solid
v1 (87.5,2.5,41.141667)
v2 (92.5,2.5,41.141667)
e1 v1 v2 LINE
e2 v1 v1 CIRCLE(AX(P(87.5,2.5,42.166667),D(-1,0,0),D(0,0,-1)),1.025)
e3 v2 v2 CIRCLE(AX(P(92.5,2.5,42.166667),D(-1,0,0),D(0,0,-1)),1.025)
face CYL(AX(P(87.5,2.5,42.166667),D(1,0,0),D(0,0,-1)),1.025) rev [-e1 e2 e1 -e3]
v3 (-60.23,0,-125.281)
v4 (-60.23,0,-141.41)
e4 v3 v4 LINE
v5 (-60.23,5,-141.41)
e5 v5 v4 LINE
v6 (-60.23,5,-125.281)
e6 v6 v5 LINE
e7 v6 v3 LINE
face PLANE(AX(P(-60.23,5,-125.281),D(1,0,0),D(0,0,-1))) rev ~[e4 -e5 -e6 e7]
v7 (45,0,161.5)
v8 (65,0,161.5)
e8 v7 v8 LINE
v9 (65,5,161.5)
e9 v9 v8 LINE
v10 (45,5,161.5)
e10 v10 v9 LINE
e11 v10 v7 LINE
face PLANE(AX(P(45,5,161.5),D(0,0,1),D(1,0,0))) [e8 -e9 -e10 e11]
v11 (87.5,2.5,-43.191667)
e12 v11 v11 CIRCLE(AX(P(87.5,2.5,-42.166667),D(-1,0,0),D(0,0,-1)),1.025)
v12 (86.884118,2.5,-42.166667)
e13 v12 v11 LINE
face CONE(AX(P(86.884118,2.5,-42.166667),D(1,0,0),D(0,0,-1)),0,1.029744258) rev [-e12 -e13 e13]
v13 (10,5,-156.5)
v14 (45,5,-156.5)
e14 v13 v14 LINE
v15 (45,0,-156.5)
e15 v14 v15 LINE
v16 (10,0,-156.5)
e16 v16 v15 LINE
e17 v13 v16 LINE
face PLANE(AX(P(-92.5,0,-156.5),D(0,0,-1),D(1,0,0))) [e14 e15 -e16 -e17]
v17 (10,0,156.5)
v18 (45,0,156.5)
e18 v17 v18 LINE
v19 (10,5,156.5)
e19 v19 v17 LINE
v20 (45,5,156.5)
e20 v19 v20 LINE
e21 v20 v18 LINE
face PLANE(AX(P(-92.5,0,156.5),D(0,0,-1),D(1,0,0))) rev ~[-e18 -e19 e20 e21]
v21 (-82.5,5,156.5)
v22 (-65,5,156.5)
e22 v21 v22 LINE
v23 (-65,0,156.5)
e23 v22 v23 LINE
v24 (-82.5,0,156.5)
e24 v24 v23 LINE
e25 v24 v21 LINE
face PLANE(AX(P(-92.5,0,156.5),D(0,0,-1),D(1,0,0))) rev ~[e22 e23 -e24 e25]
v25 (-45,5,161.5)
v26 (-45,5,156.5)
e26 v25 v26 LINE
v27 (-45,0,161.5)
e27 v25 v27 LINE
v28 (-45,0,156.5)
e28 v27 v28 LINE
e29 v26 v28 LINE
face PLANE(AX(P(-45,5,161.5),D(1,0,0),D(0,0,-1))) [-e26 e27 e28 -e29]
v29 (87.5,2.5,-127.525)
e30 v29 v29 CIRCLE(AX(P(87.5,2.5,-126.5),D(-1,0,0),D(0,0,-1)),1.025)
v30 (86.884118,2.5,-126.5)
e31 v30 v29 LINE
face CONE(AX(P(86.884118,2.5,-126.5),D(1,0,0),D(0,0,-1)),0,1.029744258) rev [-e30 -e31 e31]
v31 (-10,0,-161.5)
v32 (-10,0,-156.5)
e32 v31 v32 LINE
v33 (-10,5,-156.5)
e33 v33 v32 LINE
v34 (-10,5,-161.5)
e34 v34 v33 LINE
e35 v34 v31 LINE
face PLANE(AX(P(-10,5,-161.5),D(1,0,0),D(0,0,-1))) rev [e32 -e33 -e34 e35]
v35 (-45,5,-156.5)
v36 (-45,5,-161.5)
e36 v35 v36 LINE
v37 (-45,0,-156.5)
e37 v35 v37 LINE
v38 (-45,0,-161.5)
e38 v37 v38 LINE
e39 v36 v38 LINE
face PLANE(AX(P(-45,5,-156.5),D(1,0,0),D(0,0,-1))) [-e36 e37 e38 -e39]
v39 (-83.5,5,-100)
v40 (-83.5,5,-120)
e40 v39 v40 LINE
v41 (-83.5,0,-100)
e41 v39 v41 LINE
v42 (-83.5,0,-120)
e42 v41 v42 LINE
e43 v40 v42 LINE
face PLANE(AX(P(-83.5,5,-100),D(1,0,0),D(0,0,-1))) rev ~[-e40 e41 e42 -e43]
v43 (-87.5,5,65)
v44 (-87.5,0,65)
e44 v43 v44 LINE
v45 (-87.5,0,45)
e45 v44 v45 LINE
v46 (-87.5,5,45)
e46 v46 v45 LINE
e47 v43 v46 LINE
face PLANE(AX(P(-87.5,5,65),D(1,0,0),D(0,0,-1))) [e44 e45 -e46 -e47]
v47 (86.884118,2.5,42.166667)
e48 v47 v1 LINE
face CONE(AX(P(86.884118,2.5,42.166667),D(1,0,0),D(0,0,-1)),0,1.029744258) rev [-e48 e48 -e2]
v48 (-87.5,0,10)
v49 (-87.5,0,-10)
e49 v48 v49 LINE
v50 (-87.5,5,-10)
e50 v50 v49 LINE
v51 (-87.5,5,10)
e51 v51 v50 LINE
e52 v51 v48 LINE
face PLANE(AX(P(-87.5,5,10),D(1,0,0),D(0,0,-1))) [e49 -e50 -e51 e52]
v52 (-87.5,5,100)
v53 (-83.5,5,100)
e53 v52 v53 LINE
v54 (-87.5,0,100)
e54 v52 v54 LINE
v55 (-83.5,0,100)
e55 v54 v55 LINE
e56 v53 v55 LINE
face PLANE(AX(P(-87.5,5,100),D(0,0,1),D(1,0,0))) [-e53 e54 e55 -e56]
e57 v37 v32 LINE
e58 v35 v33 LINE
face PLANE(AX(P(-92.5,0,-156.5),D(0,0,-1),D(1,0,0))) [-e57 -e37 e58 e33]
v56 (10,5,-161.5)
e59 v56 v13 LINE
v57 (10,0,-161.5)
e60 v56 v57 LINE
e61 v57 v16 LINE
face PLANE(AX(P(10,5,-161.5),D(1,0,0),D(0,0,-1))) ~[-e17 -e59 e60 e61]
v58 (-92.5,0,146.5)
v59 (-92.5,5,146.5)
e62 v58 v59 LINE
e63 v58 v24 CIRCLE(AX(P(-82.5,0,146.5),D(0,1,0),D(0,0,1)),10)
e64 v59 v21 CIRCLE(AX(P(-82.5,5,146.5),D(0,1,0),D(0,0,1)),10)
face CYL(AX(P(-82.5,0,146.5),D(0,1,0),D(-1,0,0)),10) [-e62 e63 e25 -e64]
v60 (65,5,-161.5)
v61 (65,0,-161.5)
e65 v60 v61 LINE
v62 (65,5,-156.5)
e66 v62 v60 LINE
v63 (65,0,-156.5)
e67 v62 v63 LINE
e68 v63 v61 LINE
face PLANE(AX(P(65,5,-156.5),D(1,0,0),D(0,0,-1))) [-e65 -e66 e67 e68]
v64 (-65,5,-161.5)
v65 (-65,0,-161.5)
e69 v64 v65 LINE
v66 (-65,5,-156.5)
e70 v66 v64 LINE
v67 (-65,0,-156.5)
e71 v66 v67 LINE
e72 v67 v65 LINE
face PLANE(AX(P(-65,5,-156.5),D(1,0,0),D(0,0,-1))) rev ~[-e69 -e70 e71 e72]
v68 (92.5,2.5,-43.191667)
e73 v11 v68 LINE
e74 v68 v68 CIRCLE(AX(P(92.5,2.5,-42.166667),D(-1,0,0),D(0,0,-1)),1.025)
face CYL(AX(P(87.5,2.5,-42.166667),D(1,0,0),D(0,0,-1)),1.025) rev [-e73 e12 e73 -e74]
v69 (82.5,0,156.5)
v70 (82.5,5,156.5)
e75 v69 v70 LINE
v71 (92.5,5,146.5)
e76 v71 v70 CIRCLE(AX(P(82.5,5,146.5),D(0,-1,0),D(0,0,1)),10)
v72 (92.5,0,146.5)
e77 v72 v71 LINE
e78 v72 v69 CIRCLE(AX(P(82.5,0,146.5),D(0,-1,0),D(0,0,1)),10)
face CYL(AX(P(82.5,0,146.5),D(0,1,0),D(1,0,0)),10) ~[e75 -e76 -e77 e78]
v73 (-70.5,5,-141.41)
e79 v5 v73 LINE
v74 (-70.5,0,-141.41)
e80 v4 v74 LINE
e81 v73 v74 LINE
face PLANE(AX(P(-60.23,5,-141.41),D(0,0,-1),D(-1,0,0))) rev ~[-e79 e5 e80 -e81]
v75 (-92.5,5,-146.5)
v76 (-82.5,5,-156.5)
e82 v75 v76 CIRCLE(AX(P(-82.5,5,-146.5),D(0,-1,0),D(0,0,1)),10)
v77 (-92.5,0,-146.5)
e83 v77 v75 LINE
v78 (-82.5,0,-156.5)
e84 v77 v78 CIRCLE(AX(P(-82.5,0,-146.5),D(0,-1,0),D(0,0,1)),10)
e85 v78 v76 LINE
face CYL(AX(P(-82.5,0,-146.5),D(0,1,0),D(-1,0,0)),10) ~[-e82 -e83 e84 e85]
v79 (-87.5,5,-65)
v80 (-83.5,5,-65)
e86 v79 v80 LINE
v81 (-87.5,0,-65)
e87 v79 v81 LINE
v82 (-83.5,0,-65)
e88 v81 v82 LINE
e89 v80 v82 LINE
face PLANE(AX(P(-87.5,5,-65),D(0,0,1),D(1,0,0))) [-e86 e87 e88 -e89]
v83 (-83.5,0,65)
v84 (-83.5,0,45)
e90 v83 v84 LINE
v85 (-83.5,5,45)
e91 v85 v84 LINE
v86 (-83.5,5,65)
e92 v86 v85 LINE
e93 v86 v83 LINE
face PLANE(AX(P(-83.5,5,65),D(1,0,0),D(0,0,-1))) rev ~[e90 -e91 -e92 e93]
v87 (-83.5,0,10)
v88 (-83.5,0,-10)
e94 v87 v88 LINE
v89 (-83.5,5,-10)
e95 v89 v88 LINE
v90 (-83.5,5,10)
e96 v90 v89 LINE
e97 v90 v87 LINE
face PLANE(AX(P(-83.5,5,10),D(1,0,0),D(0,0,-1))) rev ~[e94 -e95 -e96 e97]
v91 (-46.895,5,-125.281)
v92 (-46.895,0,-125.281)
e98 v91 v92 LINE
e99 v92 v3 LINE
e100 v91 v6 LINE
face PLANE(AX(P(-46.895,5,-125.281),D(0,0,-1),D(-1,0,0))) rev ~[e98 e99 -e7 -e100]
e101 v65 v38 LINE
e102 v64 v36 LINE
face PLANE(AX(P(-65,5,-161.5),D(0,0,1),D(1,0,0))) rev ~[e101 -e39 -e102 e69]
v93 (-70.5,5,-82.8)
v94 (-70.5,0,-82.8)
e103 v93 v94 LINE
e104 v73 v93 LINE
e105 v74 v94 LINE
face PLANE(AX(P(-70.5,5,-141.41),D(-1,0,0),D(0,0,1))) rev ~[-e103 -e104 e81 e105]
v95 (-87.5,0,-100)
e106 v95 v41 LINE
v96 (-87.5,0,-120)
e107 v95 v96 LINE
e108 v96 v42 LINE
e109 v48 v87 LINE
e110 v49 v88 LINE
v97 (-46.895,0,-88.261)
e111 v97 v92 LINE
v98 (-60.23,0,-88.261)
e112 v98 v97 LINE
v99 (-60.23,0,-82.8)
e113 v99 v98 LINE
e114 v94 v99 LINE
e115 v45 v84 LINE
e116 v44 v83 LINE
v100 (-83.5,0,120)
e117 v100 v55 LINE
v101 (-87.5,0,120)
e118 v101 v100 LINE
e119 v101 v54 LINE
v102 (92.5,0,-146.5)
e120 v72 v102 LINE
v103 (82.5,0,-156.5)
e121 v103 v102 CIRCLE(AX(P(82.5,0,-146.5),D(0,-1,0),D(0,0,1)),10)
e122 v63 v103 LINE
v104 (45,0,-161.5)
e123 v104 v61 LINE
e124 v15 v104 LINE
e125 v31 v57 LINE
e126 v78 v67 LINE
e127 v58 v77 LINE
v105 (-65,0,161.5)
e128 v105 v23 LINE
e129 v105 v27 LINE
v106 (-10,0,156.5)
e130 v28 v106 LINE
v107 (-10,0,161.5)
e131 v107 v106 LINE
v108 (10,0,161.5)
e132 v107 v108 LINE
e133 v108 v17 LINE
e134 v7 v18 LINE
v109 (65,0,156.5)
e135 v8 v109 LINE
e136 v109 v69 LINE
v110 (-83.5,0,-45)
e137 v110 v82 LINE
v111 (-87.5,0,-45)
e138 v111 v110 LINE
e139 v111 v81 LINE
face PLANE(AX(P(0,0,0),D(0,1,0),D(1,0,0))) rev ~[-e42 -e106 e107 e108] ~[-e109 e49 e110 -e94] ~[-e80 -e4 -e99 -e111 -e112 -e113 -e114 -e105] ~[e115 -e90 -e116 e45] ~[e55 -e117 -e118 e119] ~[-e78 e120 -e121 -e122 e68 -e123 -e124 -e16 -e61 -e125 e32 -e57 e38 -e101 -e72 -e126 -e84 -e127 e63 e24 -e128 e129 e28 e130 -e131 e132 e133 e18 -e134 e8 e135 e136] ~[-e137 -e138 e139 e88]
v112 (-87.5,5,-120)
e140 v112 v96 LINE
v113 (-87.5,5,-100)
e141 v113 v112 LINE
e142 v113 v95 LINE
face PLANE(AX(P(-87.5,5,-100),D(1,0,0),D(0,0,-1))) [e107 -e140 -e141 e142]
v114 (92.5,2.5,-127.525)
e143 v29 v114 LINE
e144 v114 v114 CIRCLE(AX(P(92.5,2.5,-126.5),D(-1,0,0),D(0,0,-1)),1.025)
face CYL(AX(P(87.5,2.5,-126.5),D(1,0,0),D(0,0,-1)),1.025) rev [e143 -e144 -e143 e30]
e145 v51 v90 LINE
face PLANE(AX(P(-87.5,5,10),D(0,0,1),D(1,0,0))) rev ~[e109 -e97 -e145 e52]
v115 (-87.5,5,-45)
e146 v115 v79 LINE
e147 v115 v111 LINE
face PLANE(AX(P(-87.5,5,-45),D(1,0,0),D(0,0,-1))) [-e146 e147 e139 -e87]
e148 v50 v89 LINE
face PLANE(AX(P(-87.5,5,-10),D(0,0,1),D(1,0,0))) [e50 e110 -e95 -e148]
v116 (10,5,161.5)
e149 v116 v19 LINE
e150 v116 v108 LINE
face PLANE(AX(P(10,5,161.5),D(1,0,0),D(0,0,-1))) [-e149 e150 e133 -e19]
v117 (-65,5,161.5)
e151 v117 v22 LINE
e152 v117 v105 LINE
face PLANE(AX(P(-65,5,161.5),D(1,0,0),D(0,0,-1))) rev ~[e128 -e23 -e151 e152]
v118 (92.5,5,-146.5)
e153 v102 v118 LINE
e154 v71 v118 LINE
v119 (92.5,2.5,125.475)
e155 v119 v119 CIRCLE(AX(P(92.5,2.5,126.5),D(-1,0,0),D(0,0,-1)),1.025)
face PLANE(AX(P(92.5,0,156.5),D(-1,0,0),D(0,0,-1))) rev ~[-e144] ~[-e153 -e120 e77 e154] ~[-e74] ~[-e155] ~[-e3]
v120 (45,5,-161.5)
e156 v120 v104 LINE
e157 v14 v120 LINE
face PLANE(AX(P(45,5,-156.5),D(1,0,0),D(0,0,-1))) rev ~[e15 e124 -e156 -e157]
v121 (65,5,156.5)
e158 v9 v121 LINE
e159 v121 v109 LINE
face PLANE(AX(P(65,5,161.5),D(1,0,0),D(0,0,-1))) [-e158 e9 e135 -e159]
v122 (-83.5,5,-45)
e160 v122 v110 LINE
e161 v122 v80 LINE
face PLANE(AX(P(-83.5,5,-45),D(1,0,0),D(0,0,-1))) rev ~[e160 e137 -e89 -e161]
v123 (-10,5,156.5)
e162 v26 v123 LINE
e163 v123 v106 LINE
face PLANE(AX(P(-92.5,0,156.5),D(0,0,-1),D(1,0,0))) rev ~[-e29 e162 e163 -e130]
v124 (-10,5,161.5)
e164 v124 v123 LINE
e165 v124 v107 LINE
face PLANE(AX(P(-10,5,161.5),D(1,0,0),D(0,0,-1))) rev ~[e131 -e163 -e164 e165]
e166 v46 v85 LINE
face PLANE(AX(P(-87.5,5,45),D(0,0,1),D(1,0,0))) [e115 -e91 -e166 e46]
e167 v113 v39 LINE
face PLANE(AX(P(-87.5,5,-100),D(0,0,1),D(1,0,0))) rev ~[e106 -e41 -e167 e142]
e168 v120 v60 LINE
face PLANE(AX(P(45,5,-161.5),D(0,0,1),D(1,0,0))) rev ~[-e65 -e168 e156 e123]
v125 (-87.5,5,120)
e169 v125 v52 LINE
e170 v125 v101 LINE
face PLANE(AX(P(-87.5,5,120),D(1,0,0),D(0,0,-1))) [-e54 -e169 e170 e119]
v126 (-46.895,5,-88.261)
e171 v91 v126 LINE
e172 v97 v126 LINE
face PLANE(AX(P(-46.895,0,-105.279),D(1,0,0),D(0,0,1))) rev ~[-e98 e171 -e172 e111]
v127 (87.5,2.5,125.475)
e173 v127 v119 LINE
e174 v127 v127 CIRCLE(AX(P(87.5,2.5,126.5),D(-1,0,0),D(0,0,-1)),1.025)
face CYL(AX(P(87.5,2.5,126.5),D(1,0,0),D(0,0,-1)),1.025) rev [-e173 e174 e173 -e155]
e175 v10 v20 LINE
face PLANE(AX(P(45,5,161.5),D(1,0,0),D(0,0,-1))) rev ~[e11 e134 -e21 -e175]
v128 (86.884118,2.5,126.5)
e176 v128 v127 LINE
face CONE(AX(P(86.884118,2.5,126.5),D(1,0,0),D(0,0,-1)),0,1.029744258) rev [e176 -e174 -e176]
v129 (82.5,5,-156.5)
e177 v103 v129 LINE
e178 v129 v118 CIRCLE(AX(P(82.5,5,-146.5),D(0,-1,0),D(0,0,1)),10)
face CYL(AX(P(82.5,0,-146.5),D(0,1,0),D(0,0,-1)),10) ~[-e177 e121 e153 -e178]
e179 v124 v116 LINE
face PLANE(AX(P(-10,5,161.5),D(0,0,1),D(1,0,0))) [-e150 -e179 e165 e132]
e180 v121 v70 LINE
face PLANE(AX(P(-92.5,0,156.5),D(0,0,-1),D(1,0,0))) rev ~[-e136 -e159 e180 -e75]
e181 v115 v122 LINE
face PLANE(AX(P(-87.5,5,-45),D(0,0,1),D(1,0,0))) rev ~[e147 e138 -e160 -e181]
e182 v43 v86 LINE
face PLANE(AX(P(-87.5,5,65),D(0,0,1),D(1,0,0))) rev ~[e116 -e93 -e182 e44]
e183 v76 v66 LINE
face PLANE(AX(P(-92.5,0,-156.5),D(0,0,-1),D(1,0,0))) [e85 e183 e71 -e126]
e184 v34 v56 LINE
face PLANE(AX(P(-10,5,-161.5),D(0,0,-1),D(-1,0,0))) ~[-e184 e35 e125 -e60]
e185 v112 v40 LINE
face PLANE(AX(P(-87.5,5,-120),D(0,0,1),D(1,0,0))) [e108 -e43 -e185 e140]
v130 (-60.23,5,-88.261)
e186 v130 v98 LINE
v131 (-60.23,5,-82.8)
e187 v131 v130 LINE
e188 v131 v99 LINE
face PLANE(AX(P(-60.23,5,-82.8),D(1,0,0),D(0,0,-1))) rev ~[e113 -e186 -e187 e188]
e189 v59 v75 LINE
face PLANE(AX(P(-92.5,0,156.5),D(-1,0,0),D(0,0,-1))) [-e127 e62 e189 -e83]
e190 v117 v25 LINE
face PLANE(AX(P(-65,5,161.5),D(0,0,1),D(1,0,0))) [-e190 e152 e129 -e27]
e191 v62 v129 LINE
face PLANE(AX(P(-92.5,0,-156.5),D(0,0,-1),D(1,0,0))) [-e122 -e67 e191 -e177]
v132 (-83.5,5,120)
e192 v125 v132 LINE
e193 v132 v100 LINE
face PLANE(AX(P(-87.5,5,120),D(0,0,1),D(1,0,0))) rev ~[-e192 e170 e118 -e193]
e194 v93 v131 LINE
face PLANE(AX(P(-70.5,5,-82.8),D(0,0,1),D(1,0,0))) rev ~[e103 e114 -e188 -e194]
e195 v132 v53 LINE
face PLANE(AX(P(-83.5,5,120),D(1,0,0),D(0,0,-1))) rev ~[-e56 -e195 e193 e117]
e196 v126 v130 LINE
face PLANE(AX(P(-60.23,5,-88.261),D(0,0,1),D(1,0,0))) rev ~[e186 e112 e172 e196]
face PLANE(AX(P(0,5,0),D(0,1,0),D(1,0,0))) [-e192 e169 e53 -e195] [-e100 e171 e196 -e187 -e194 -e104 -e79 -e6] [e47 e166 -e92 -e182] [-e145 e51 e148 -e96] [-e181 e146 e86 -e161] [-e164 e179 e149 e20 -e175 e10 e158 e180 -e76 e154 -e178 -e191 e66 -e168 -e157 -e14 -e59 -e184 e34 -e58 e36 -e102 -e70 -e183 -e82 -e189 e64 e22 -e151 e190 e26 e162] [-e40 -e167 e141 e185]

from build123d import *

# Parameters (mm, degrees)
SKETCH1_W               = 185
SKETCH1_H               = 313
BASE_DEPTH              = 5
SKETCH2_W               = 20
SKETCH2_H               = 5
BOSS_EXTRUDE2_DEPTH     = 5
LPATTERN1_COUNT         = 2
LPATTERN1_PITCH         = 55
LPATTERN1_COL_COUNT     = 2
LPATTERN1_COL_PITCH     = 55
SKETCH3_W               = 4
SKETCH3_H               = 20
CUT_EXTRUDE1_DEPTH      = 187.181363192
LPATTERN2_COUNT         = 3
LPATTERN2_PITCH         = 55
LPATTERN2_COL_COUNT     = 3
LPATTERN2_COL_PITCH     = 55
FILLET1_R               = 10
MIRROR1_COPY_1_SKETCH_W = 20
MIRROR1_COPY_1_SKETCH_H = 5
MIRROR1_COPY_1_DEPTH    = 5
MIRROR1_COPY_2_SKETCH_W = 20
MIRROR1_COPY_2_SKETCH_H = 5
MIRROR1_COPY_2_DEPTH    = 5
CUT_EXTRUDE4_DEPTH      = 187.181363192
LPATTERN5_COUNT         = 4
LPATTERN5_PITCH         = 84.333333333
CUT_EXTRUDE5_DEPTH      = 187.181363192


with BuildPart() as part:
    # Sketch1 → Base (new body)
    with BuildSketch(Plane(origin=(0, 0, 0), x_dir=(1, 0, 0), z_dir=(0, 1, 0))):
        Rectangle(SKETCH1_W, SKETCH1_H)
    extrude(amount=BASE_DEPTH)

    # Sketch2 → Boss-Extrude2 (add)
    with BuildSketch(Plane(origin=(0, 5, 0), x_dir=(1, 0, 0), z_dir=(0, 1, 0))):
        with Locations((0, -159)):
            Rectangle(SKETCH2_W, SKETCH2_H)
    boss_extrude2 = extrude(amount=-BOSS_EXTRUDE2_DEPTH)

    # LPattern1: Boss-Extrude2 ×2
    with Locations(*[(-i * LPATTERN1_PITCH, 0, 0) for i in range(1, LPATTERN1_COUNT)]):
        add(boss_extrude2)

    # LPattern1 col: Boss-Extrude2 ×2
    with Locations(*[(i * LPATTERN1_COL_PITCH, 0, 0) for i in range(1, LPATTERN1_COL_COUNT)]):
        add(boss_extrude2)

    # Sketch3 → Cut-Extrude1 (cut, through all)
    with BuildSketch(Plane(origin=(0, 5, 0), x_dir=(1, 0, 0), z_dir=(0, 1, 0))):
        with Locations((-85.5, 0)):
            Rectangle(SKETCH3_W, SKETCH3_H)
    cut_extrude1 = extrude(amount=-CUT_EXTRUDE1_DEPTH, mode=Mode.SUBTRACT)

    # LPattern2: Cut-Extrude1 ×3
    with Locations(*[(0, 0, -i * LPATTERN2_PITCH) for i in range(1, LPATTERN2_COUNT)]):
        add(cut_extrude1, mode=Mode.SUBTRACT)

    # LPattern2 col: Cut-Extrude1 ×3
    with Locations(*[(0, 0, i * LPATTERN2_COL_PITCH) for i in range(1, LPATTERN2_COL_COUNT)]):
        add(cut_extrude1, mode=Mode.SUBTRACT)

    # Fillet1
    fillet1_edges = [part.edges().sort_by_distance(p)[0] for p in [
        (-92.5, 2.5, -156.5),
        (92.5, 2.5, -156.5),
        (92.5, 2.5, 156.5),
        (-92.5, 2.5, 156.5),
    ]]
    fillet(fillet1_edges, radius=FILLET1_R)

    # Mirror1: Boss-Extrude2 across plane
    add(boss_extrude2.mirror(Plane.XY))

    # Mirror1 copy 1 sketch → Mirror1 copy 1 (add)
    with BuildSketch(Plane(origin=(-55, 5, 0), x_dir=(1, 0, 0), z_dir=(0, 1, 0))):
        with Locations((0, 159)):
            Rectangle(MIRROR1_COPY_1_SKETCH_W, MIRROR1_COPY_1_SKETCH_H)
    extrude(amount=-MIRROR1_COPY_1_DEPTH)

    # Mirror1 copy 2 sketch → Mirror1 copy 2 (add)
    with BuildSketch(Plane(origin=(55, 5, 0), x_dir=(1, 0, 0), z_dir=(0, 1, 0))):
        with Locations((0, 159)):
            Rectangle(MIRROR1_COPY_2_SKETCH_W, MIRROR1_COPY_2_SKETCH_H)
    extrude(amount=-MIRROR1_COPY_2_DEPTH)

    # Sketch5 → Cut-Extrude4 (cut, through all)
    with BuildSketch(Plane(origin=(0, 5, 0), x_dir=(1, 0, 0), z_dir=(0, 1, 0))):
        Polygon((-63.667363032, 141.40999982), (-70.5, 141.40999982), (-70.5, 136.502092421), (-70.5, 82.79999982), (-60.23, 82.79999982), (-60.23, 88.26099982), (-49.211989258, 88.26099982), (-49.211989258, 101.65899982), (-62.23, 101.65899982), (-62.23, 105.27899982), (-46.895, 105.27899982), (-46.895, 125.28099982), (-60.23, 125.28099982), (-60.23, 133.244848009), (-60.23, 141.40999982), align=None)
    extrude(amount=-CUT_EXTRUDE4_DEPTH, mode=Mode.SUBTRACT)

    # Sketch8 → Tap Drill for M2.5x0.45 Tap1 (revolve, cut)
    with BuildSketch(Plane(origin=(92.5, 2.5, -126.5), x_dir=(0, 0, -1), z_dir=(0, 1, 0))):
        Polygon((0, 0), (0, 5.615882135), (1.025, 5), (1.025, 0), align=None)
    tap_drill_for_m2_5x0_45_tap1 = revolve(axis=Axis((98.85, 2.5, -126.5), (-1, 0, 0)), mode=Mode.SUBTRACT)

    # LPattern5: Tap Drill for M2.5x0.45 Tap1 ×4
    with Locations(*[(0, 0, i * LPATTERN5_PITCH) for i in range(1, LPATTERN5_COUNT)]):
        add(tap_drill_for_m2_5x0_45_tap1, mode=Mode.SUBTRACT)

    # Sketch9 → Cut-Extrude5 (cut, through all)
    with BuildSketch(Plane(origin=(0, 0, 0), x_dir=(-1, 0, 0), z_dir=(0, -1, 0))):
        Polygon((46.895, 105.27899982), (46.895, 88.26099982), (49.211989258, 88.26099982), (49.211989258, 101.65899982), (62.23, 101.65899982), (62.23, 105.27899982), (49.211989258, 105.27899982), align=None)
    extrude(amount=-CUT_EXTRUDE5_DEPTH, mode=Mode.SUBTRACT)


solid = part.part
